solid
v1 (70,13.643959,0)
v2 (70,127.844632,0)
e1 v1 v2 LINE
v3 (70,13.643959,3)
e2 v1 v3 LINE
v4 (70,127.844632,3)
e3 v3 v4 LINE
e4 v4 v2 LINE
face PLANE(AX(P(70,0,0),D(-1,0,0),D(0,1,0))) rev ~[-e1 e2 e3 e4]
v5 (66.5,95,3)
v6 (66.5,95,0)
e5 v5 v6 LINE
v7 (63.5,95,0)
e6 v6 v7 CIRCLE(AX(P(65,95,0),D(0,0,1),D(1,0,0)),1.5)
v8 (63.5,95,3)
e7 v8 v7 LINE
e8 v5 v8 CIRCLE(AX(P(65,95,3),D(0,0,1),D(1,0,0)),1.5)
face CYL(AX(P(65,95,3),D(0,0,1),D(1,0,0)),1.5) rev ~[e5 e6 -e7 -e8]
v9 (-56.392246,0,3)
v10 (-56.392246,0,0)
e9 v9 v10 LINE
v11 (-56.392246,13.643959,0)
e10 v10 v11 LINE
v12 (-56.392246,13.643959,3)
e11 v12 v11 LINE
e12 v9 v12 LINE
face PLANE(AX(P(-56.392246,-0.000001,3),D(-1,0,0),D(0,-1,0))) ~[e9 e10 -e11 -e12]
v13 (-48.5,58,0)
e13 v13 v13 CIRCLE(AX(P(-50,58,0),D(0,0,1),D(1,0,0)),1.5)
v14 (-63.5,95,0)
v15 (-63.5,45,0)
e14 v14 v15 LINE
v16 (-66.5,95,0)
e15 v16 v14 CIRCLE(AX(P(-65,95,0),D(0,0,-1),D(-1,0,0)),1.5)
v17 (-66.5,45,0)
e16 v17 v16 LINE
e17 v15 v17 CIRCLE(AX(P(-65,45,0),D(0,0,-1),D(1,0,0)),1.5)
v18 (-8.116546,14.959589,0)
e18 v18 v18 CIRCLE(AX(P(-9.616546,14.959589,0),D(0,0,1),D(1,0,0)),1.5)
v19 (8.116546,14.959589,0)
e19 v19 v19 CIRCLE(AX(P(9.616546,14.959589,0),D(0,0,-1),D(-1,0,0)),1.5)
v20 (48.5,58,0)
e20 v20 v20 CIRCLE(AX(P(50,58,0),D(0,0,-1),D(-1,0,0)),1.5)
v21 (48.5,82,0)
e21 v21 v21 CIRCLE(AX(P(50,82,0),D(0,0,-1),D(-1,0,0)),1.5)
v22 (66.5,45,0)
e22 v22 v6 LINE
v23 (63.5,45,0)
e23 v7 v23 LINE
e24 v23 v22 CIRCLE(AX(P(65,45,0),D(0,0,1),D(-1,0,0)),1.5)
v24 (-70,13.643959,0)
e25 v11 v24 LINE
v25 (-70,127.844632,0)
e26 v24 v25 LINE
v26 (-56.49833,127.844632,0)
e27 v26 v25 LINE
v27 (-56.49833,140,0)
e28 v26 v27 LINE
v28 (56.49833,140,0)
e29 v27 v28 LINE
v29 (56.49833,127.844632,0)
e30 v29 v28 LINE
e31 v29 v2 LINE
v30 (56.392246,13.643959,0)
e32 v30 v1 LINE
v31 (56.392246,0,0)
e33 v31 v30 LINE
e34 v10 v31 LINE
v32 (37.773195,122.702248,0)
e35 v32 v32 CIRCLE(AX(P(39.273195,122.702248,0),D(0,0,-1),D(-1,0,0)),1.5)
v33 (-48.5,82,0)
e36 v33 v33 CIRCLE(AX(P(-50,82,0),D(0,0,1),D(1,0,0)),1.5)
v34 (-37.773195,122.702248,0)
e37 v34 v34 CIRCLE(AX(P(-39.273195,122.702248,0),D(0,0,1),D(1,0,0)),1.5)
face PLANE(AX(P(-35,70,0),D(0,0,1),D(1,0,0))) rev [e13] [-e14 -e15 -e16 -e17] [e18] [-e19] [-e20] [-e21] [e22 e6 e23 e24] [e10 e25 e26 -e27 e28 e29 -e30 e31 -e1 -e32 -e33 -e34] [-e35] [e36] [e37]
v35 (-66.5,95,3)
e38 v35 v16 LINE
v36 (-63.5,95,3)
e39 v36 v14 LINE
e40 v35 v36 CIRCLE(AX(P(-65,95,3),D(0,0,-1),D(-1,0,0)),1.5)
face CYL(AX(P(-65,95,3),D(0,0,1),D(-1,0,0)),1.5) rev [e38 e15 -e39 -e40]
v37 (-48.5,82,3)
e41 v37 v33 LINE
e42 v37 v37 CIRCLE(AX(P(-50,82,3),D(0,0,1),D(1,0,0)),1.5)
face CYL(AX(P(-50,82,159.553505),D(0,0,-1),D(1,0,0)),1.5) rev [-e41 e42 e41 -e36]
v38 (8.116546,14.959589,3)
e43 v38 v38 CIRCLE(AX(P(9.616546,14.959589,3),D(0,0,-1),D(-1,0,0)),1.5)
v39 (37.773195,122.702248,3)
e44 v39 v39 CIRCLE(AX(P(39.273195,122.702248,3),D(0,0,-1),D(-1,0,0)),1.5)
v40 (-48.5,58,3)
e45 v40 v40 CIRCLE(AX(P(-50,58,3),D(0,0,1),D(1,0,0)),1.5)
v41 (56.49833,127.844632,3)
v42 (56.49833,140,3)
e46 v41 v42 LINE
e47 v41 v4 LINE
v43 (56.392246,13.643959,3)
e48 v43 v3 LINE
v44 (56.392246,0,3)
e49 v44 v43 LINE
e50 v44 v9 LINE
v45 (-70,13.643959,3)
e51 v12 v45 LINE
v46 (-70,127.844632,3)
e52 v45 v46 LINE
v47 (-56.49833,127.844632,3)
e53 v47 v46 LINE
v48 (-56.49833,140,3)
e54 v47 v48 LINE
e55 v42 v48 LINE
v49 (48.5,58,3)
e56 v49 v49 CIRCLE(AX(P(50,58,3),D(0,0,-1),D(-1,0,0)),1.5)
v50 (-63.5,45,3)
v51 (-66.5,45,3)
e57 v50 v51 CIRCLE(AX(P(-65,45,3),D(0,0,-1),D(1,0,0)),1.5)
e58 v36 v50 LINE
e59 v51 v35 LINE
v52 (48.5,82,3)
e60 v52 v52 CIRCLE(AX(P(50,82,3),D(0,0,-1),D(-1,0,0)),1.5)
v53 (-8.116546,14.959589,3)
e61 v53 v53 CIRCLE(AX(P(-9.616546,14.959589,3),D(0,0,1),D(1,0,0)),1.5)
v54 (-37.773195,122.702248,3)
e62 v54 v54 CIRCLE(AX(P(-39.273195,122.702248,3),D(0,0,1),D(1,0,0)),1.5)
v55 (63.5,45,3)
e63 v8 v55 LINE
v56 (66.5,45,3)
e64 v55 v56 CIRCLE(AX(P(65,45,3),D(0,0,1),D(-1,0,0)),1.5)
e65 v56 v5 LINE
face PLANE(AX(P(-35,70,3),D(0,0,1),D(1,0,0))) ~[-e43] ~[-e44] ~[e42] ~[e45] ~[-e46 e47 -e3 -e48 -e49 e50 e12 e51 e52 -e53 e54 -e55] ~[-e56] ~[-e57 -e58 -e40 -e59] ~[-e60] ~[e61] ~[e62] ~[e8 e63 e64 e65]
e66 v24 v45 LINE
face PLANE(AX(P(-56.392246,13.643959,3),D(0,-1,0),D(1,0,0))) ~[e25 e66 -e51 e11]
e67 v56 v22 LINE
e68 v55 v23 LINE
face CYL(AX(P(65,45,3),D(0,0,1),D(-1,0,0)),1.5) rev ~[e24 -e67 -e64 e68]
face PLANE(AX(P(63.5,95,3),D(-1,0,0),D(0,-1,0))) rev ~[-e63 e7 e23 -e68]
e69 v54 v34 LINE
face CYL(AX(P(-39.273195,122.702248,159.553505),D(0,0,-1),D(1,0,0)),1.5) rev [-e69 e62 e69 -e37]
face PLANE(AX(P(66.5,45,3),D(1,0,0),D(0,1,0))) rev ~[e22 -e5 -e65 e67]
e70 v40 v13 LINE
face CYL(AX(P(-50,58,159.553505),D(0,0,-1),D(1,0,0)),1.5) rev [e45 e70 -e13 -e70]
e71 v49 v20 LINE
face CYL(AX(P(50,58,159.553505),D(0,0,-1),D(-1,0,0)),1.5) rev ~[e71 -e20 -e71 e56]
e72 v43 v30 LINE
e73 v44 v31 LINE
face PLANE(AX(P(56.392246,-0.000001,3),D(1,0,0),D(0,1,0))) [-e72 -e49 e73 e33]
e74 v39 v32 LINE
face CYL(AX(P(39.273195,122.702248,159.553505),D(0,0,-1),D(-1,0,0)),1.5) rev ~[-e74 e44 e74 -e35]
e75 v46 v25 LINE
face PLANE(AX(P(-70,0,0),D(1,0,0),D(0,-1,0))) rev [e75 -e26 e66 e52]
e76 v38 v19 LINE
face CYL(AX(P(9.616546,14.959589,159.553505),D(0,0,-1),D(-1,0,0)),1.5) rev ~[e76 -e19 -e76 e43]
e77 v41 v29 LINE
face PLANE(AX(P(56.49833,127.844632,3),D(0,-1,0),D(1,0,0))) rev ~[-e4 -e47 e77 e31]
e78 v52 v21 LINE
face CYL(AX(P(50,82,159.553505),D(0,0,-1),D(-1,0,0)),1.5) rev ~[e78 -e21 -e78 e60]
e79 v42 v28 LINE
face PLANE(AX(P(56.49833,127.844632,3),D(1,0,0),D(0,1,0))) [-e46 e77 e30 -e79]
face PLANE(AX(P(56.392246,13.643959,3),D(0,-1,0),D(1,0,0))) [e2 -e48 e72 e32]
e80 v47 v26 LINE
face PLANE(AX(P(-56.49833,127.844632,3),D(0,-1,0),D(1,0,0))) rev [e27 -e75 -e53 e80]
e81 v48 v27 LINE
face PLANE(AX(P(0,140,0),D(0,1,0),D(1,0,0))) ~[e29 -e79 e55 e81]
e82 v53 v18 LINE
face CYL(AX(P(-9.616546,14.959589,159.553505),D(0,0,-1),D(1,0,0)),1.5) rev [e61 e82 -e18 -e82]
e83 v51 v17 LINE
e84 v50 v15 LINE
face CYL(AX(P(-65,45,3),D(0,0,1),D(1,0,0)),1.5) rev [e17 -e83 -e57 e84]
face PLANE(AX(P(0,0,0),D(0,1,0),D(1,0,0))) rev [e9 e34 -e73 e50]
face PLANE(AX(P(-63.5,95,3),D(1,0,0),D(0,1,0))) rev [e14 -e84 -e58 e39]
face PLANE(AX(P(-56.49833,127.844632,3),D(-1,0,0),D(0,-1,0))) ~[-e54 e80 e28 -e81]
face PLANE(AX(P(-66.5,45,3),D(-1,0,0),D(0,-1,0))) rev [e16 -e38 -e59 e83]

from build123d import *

# Parameters (mm, degrees)
F0_W      = 70
F0_H      = 140
F1_DEPTH  = 3
F3_D      = 3
F9_D      = 3
F11_D     = 3
F12_W     = 13.50167
F12_H     = 12.155368
F13_DEPTH = 3
F14_W     = 13.607755
F14_H     = 13.643959
F15_DEPTH = 4.788373
F16_DEPTH = 36.920227


with BuildPart() as f1:
    # F0 (on Top) → F1 (new body)
    with BuildSketch(Plane.XY):
        with Locations((35, 70)):
            Rectangle(F0_W, F0_H)
    extrude(amount=F1_DEPTH)

    # F3 (through all)
    with Locations(Plane.XY.offset(3)):
        with Locations((50, 58), (50, 82)):
            Hole(F3_D / 2)

    # F9 (through all)
    with Locations(Plane.XY.offset(3)):
        with Locations((39.273195, 122.702248)):
            Hole(F9_D / 2)

    # F11 (through all)
    with Locations(Plane.XY.offset(3)):
        with Locations((9.616546, 14.959589)):
            Hole(F11_D / 2)

    # F12 (on face) → F13 (cut)
    with BuildSketch(Plane.XY.offset(3)):
        with Locations((63.249165, 133.922316)):
            Rectangle(F12_W, F12_H)
    extrude(amount=-F13_DEPTH, mode=Mode.SUBTRACT)

    # F14 (on face) → F15 (cut)
    with BuildSketch(Plane.XY.offset(3)):
        with Locations((63.196123, 6.821979)):
            Rectangle(F14_W, F14_H)
    extrude(amount=-F15_DEPTH, mode=Mode.SUBTRACT)

    # F7 (on face) → F16 (cut)
    with BuildSketch(Plane.XY.offset(3)):
        with BuildLine():
            ThreePointArc((63.5, 45), (65, 43.5), (66.5, 45))
            Line((66.5, 45), (66.5, 95))
            ThreePointArc((66.5, 95), (65, 96.5), (63.5, 95))
            Line((63.5, 95), (63.5, 45))
        make_face()
    extrude(amount=-F16_DEPTH, mode=Mode.SUBTRACT)

    # F17: F1 across plane


with BuildPart() as f1_1:
    add(f1.part)
    add(f1.part.mirror(Plane.YZ))


solid = f1_1.part
